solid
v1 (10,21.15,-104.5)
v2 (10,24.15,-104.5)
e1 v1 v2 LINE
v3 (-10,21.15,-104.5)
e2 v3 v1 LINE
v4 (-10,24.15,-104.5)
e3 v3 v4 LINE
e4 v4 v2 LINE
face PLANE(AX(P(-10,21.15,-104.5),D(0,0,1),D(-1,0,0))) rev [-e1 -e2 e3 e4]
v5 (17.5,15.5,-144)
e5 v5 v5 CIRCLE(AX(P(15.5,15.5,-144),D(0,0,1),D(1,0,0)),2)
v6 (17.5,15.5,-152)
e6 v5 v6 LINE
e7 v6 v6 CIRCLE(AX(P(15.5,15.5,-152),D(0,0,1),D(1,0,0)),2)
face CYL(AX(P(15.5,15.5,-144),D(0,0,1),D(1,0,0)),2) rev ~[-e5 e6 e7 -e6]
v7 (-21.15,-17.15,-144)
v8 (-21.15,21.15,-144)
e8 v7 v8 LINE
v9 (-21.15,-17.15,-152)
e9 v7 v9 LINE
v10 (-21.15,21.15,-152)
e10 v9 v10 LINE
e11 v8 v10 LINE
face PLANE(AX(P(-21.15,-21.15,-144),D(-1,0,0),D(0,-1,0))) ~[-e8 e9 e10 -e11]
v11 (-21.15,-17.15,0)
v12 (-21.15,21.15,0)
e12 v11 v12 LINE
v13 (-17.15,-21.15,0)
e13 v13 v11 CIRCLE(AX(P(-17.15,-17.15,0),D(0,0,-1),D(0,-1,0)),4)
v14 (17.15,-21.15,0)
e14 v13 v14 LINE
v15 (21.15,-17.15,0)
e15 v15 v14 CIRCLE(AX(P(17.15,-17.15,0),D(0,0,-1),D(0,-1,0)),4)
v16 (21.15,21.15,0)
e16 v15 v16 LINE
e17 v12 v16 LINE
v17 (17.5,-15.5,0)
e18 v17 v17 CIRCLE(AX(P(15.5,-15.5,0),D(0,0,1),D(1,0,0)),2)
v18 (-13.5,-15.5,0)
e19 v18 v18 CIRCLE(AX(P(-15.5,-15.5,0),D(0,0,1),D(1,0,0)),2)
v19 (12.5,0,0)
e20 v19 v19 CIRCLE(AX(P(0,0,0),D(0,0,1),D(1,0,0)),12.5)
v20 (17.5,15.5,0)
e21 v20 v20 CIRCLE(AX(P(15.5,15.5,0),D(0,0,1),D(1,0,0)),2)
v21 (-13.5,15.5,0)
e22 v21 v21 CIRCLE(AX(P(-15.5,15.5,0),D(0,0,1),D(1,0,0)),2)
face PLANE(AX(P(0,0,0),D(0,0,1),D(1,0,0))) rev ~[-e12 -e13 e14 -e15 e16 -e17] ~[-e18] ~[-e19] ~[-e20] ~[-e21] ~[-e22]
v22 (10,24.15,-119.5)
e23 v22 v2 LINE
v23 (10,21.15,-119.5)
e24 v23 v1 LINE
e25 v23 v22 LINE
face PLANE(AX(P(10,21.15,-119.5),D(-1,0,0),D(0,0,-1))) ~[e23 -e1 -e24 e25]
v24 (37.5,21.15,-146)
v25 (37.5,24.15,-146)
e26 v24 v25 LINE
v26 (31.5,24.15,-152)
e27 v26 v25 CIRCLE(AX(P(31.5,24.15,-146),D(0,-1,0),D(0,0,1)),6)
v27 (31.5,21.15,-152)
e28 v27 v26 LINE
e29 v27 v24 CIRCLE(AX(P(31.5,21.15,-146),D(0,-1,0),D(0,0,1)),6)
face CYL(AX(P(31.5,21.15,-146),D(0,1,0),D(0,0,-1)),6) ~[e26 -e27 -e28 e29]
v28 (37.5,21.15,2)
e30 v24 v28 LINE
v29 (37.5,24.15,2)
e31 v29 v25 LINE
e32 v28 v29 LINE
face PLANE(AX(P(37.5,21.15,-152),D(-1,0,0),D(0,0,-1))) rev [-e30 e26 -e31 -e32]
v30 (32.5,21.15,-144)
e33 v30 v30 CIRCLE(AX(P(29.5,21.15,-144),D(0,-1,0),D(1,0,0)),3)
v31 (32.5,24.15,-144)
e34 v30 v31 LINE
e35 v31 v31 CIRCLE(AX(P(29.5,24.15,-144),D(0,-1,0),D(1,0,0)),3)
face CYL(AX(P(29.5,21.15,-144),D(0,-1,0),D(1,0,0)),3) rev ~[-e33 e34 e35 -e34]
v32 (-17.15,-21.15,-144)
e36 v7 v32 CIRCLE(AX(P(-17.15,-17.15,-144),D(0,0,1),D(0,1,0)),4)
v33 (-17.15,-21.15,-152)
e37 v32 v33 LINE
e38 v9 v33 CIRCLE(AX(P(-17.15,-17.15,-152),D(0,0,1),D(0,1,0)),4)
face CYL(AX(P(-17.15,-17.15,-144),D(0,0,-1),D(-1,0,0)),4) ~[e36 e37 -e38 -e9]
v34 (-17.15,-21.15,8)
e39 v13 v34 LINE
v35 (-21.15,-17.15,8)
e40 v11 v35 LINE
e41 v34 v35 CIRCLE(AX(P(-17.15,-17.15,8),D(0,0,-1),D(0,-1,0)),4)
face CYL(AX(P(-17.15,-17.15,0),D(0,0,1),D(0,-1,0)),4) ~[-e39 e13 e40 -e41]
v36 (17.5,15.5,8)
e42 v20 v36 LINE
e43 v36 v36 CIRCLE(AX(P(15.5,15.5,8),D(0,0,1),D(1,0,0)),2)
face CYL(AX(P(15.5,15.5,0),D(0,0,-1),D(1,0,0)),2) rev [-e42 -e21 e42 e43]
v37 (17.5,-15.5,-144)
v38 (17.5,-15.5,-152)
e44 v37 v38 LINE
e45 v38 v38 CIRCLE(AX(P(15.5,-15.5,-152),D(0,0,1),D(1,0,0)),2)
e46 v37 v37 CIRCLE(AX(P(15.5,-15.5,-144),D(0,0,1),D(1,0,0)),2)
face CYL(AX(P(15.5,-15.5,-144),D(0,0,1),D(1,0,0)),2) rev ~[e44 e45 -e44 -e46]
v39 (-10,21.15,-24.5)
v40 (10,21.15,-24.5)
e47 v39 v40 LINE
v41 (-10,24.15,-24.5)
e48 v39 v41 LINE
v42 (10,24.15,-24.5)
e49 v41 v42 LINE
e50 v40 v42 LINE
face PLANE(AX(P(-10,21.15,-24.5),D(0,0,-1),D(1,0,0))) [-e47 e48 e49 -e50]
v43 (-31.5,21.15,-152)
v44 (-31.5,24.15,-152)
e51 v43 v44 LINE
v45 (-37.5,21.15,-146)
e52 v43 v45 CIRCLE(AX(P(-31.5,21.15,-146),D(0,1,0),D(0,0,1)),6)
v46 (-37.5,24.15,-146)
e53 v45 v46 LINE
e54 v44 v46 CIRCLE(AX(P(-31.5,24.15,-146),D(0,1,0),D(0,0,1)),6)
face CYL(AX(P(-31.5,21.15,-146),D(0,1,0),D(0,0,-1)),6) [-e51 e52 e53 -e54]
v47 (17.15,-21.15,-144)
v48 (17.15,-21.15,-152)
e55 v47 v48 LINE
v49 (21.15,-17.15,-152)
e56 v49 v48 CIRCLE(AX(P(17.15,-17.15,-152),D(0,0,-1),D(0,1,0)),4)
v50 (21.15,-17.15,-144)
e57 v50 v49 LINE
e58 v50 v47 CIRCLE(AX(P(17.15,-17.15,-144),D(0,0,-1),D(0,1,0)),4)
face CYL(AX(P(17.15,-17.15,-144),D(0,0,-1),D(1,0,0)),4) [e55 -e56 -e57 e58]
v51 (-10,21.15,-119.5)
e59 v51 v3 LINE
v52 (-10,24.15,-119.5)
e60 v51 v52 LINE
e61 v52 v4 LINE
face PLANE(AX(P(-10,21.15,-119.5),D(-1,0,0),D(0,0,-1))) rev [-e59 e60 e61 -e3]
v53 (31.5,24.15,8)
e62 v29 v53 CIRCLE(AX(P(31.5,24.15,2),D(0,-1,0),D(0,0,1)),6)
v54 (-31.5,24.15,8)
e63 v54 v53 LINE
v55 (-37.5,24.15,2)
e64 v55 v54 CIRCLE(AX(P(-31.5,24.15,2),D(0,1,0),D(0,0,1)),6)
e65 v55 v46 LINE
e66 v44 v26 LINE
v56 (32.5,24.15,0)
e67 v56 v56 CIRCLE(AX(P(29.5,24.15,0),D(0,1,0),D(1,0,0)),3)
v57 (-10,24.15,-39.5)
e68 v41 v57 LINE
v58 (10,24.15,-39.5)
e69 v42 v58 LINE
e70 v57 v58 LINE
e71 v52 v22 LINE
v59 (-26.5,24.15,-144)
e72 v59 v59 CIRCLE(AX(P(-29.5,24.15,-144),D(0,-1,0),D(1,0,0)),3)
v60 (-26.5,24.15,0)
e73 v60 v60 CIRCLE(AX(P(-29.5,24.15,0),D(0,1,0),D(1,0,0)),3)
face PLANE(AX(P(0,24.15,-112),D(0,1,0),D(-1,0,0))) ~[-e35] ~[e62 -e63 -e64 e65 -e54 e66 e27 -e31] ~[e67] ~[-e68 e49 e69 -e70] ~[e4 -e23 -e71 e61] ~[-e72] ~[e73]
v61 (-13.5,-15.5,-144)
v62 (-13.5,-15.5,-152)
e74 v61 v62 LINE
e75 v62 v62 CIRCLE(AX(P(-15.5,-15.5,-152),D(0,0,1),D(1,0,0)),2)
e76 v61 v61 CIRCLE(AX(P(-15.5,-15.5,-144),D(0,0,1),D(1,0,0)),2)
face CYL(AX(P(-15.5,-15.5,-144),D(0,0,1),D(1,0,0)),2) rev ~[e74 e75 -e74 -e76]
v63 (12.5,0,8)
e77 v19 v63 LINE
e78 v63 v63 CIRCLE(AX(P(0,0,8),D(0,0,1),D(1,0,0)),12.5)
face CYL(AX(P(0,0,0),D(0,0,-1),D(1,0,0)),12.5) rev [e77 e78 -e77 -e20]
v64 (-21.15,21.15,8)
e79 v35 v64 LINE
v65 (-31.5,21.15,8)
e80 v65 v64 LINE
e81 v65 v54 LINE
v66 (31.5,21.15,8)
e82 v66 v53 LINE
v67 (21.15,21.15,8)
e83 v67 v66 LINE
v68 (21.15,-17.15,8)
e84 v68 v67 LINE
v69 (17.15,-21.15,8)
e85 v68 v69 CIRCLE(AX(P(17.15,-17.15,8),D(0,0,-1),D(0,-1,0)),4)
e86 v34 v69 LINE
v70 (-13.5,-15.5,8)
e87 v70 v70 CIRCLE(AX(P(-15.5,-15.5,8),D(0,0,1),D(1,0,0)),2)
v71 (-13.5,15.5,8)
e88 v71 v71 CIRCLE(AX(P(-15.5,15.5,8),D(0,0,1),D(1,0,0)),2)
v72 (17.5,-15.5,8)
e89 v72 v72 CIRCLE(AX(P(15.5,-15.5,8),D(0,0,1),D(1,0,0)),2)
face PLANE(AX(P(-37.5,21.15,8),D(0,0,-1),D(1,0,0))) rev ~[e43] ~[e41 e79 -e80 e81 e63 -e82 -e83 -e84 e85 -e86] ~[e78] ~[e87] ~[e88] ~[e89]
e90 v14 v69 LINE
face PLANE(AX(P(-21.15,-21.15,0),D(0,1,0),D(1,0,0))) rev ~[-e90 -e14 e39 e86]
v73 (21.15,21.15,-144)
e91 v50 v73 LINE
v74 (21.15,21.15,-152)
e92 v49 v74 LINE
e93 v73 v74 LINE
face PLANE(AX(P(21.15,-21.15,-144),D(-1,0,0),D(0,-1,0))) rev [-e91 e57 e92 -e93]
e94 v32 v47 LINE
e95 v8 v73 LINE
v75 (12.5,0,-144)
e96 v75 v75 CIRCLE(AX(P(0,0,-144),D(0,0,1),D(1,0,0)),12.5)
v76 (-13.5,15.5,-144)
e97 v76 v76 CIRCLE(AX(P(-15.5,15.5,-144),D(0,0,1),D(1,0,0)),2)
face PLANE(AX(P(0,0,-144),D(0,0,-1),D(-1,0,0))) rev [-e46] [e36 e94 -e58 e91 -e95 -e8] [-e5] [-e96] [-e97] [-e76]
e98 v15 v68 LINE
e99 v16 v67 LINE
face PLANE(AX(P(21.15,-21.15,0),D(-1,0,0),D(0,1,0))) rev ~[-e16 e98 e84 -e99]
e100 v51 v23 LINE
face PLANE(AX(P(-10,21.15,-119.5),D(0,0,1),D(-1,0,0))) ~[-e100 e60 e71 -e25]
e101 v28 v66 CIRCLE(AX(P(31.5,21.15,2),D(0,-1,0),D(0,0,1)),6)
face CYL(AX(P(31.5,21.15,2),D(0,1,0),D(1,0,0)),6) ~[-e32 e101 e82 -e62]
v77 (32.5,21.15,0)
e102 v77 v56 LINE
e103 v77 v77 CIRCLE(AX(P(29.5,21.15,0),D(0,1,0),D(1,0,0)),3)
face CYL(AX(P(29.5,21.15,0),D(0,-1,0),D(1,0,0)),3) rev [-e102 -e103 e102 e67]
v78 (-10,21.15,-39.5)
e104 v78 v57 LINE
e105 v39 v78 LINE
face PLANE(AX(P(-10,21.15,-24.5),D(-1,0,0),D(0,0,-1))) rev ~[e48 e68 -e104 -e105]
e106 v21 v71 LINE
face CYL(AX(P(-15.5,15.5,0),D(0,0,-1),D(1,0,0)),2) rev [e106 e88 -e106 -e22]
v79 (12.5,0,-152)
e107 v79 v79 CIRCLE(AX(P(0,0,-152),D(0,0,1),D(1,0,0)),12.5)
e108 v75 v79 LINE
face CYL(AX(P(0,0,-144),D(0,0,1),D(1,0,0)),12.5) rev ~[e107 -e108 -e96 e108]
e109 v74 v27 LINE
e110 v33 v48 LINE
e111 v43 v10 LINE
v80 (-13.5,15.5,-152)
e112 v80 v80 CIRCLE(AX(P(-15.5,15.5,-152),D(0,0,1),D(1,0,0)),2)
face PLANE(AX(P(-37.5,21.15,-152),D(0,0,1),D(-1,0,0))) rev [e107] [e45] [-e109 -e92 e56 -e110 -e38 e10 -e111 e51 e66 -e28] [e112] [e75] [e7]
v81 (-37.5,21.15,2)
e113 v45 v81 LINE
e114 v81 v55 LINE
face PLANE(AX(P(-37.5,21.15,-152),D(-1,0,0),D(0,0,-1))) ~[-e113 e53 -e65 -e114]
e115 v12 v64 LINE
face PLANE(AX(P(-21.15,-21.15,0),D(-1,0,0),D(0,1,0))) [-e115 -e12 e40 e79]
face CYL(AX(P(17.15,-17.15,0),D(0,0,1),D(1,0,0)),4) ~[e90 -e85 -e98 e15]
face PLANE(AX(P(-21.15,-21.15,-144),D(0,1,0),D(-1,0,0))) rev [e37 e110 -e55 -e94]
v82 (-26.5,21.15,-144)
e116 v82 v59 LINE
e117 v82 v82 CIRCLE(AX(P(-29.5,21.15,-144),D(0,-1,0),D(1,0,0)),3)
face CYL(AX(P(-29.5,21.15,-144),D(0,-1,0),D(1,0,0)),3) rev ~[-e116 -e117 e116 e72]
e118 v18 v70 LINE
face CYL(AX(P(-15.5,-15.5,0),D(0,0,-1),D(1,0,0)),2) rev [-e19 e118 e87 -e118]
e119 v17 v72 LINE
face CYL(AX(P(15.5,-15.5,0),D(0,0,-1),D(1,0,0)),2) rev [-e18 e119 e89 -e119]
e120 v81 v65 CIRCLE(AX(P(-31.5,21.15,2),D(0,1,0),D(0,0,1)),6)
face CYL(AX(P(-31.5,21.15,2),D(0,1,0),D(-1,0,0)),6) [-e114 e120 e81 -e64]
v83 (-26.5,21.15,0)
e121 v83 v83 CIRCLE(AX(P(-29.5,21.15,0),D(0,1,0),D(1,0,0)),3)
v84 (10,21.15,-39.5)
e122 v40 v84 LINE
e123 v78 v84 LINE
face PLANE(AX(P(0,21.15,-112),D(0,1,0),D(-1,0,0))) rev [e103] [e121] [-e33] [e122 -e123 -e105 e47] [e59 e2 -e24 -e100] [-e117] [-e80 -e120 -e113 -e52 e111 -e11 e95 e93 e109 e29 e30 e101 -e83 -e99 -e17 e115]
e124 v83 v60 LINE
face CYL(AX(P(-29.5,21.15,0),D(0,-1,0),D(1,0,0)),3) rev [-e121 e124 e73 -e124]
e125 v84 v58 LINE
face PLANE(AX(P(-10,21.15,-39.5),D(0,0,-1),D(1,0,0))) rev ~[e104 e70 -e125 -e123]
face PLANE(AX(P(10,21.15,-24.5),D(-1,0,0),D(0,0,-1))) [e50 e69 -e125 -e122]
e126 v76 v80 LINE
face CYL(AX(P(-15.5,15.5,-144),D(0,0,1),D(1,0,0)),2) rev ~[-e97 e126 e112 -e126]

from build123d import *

# Parameters (mm, degrees)
CROQUIS1_W              = 42.3
CROQUIS1_H              = 42.3
CROQUIS1_R              = 12.5
CROQUIS1_R_2            = 2
SALIENTE_EXTRUIR2_DEPTH = 8
CROQUIS3_W              = 75
CROQUIS3_H              = 80
CROQUIS3_R              = 3
CROQUIS3_W_2            = 20
CROQUIS3_H_2            = 15
SALIENTE_EXTRUIR3_DEPTH = 3
REDONDEO1_R             = 4
REDONDEO3_R             = 6


with BuildPart() as part:
    # Croquis1 → Saliente-Extruir2 (new body)
    with BuildSketch(Plane.XY):
        Rectangle(CROQUIS1_W, CROQUIS1_H)
        Circle(CROQUIS1_R, mode=Mode.SUBTRACT)
        with Locations((-15.5, 15.5)):
            Circle(CROQUIS1_R_2, mode=Mode.SUBTRACT)
        with Locations((15.5, 15.5)):
            Circle(CROQUIS1_R_2, mode=Mode.SUBTRACT)
        with Locations((15.5, -15.5)):
            Circle(CROQUIS1_R_2, mode=Mode.SUBTRACT)
        with Locations((-15.5, -15.5)):
            Circle(CROQUIS1_R_2, mode=Mode.SUBTRACT)
    saliente_extruir2 = extrude(amount=SALIENTE_EXTRUIR2_DEPTH)

    # Croquis3 → Saliente-Extruir3 (add)
    with BuildSketch(Plane(origin=(0, 21.15, 0), x_dir=(1, 0, 0), z_dir=(0, 1, 0))):
        with Locations((0, 32)):
            Rectangle(CROQUIS3_W, CROQUIS3_H)
        with Locations((-29.5, 0)):
            Circle(CROQUIS3_R, mode=Mode.SUBTRACT)
        with Locations((29.5, 0)):
            Circle(CROQUIS3_R, mode=Mode.SUBTRACT)
        with Locations((0, 32)):
            Rectangle(CROQUIS3_W_2, CROQUIS3_H_2, mode=Mode.SUBTRACT)
    saliente_extruir3 = extrude(amount=SALIENTE_EXTRUIR3_DEPTH)

    # Simetría10: Saliente-Extruir3 across plane
    add(saliente_extruir3.mirror(Plane(origin=(0, 0, -72), x_dir=(1, 0, 0), z_dir=(0, 0, -1))))

    # Simetría12: Saliente-Extruir2 across plane
    add(saliente_extruir2.mirror(Plane(origin=(0, 0, -72), x_dir=(1, 0, 0), z_dir=(0, 0, -1))))

    # Redondeo1
    redondeo1_edges = [part.edges().sort_by_distance(p)[0] for p in [
        (21.15, -21.15, 4),
        (-21.15, -21.15, 4),
        (-21.15, -21.15, -148),
        (21.15, -21.15, -148),
    ]]
    fillet(redondeo1_edges, radius=REDONDEO1_R)

    # Redondeo3
    redondeo3_edges = [part.edges().sort_by_distance(p)[0] for p in [
        (-37.5, 22.65, 8),
        (37.5, 22.65, 8),
        (-37.5, 22.65, -152),
        (37.5, 22.65, -152),
    ]]
    fillet(redondeo3_edges, radius=REDONDEO3_R)


solid = part.part
